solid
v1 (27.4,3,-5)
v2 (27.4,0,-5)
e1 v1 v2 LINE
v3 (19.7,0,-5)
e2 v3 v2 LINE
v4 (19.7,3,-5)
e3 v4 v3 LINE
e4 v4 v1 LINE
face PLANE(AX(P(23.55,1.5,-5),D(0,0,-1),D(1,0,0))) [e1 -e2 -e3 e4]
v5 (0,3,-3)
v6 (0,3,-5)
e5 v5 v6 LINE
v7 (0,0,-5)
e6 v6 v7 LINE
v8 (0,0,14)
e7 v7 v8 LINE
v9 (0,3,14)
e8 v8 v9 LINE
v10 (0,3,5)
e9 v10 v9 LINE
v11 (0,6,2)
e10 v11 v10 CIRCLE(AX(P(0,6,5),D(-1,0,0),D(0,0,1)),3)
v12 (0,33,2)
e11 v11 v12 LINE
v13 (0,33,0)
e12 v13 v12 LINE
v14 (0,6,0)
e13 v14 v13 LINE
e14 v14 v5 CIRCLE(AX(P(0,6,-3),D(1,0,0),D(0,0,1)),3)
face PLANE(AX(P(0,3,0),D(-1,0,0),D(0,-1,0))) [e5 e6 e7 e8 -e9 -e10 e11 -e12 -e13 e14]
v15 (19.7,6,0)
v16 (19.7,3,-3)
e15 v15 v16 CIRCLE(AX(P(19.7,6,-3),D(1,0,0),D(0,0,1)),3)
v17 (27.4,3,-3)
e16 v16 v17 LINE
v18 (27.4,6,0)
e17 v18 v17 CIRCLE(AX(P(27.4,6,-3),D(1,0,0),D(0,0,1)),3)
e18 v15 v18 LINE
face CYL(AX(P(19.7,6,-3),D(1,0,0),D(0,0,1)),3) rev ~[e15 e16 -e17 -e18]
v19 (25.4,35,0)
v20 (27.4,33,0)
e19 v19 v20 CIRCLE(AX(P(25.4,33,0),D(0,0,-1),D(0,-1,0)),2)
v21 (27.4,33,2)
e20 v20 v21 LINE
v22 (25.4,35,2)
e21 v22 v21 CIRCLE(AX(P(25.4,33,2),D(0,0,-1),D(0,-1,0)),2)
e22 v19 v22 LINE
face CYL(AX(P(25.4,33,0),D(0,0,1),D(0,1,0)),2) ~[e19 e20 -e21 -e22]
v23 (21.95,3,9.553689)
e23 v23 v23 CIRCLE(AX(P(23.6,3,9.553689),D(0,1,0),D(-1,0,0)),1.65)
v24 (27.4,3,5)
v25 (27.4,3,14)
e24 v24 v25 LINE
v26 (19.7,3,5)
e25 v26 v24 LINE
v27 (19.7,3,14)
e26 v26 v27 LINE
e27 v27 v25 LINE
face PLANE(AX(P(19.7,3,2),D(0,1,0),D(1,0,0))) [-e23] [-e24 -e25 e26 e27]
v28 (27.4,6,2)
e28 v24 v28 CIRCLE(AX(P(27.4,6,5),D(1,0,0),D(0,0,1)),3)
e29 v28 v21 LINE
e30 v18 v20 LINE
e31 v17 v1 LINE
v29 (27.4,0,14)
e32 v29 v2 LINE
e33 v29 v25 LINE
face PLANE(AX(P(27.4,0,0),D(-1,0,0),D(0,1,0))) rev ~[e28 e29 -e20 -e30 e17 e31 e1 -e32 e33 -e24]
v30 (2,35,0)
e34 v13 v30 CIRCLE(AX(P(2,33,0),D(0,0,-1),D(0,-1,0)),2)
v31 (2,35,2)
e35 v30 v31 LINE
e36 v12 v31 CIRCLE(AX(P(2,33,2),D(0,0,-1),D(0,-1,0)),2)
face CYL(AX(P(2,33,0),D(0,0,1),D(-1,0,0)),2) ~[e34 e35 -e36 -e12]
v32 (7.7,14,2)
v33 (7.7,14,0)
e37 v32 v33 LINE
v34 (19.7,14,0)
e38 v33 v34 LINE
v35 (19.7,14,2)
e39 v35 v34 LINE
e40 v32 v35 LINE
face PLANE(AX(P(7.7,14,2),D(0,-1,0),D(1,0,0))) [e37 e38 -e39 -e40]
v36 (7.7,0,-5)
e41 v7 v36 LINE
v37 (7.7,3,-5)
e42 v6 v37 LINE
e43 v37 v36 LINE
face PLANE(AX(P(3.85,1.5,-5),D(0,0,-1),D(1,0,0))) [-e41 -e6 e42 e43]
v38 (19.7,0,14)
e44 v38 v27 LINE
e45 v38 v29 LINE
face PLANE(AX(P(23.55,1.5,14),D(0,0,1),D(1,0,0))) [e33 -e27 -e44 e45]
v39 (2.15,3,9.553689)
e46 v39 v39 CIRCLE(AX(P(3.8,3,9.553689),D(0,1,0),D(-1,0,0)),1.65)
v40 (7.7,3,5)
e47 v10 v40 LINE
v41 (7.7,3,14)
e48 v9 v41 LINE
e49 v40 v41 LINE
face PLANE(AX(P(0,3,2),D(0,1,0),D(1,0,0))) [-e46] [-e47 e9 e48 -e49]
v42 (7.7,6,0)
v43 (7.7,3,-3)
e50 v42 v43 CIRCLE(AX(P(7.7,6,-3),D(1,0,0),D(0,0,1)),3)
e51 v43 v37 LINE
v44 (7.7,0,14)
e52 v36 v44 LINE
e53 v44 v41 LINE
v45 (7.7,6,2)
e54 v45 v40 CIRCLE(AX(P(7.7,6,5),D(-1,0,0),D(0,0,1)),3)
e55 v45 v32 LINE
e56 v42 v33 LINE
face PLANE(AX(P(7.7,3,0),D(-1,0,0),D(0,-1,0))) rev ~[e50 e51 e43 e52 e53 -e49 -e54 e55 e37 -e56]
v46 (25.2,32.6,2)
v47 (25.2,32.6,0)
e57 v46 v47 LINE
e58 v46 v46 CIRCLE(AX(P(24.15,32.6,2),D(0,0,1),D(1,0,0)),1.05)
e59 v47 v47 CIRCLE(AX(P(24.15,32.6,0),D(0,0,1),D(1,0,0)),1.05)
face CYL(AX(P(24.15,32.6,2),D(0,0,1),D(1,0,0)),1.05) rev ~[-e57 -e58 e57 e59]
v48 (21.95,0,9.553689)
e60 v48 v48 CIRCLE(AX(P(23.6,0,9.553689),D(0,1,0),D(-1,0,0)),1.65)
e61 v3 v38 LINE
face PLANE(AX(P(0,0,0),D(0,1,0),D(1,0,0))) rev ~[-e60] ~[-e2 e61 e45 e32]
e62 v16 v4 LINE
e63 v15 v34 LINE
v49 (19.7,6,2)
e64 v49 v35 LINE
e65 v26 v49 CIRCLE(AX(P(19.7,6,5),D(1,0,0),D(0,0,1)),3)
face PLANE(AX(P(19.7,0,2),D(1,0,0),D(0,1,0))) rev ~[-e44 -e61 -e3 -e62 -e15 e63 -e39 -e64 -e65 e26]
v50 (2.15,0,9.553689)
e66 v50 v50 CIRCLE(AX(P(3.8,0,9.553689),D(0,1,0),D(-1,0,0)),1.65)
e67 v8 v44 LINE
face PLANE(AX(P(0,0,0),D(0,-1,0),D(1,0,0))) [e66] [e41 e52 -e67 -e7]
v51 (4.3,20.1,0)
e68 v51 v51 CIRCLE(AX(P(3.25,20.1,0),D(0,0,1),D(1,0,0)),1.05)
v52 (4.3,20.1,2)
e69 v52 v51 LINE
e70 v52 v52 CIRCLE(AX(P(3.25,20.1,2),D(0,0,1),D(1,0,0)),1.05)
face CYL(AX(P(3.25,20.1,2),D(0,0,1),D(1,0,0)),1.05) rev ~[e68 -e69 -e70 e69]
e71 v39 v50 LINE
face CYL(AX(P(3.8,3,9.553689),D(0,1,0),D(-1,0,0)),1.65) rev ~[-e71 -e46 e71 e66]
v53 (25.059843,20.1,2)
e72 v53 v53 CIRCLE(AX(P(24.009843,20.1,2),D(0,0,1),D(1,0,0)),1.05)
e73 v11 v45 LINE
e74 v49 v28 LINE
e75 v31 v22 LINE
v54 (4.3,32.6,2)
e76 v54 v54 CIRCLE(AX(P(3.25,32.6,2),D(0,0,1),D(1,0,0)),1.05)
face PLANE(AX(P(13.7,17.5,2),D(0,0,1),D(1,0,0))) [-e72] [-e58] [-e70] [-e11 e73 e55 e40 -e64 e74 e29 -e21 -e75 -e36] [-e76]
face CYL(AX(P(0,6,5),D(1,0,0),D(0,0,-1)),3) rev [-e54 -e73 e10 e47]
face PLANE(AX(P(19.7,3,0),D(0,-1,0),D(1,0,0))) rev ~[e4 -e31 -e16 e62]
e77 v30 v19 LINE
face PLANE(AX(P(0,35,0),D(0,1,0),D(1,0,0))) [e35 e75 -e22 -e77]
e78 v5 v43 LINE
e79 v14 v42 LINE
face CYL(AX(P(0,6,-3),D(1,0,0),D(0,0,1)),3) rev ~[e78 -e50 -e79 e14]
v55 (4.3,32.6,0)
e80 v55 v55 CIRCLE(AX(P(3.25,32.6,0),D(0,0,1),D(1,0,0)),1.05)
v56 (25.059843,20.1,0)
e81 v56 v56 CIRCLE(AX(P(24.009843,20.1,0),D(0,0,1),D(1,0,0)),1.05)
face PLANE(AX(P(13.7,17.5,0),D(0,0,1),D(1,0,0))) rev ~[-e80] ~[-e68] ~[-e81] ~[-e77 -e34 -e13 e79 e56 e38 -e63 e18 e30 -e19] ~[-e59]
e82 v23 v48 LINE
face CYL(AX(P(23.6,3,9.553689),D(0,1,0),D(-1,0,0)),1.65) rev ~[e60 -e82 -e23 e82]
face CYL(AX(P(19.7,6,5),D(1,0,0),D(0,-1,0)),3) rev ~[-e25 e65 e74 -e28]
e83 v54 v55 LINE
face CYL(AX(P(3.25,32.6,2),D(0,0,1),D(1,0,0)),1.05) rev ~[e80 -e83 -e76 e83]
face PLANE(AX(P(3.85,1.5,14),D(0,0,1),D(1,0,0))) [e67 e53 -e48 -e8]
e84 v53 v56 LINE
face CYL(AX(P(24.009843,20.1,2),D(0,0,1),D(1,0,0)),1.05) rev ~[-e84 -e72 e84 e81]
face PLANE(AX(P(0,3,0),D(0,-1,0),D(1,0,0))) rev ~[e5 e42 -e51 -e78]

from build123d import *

# Parameters (mm, degrees)
SKETCH_W        = 27.4
SKETCH_H        = 35
PAD_DEPTH       = 2
SKETCH001_W     = 12
SKETCH001_H     = 14
POCKET_DEPTH    = 2
SKETCH002_W     = 7.7
SKETCH002_H     = 3
PAD001_DEPTH    = 12
FILLET_R        = 3
SKETCH003_W     = 7.7
SKETCH003_H     = 3
PAD002_DEPTH    = 5
FILLET001_R     = 3
SKETCH004_R     = 1.05
POCKET001_DEPTH = 2
SKETCH005_R     = 1.65
POCKET002_DEPTH = 3
FILLET002_R     = 2


with BuildPart() as part:
    # Sketch → Pad (new body)
    with BuildSketch(Plane.XY):
        with Locations((13.7, 17.5)):
            Rectangle(SKETCH_W, SKETCH_H)
    extrude(amount=PAD_DEPTH)

    # Sketch001 (on Face6 of Pad) → Pocket (cut)
    with BuildSketch(Plane.XY.offset(2)):
        with Locations((13.7, 7)):
            Rectangle(SKETCH001_W, SKETCH001_H)
    extrude(amount=-POCKET_DEPTH, mode=Mode.SUBTRACT)

    # Sketch002 (on Face4 of Pocket) → Pad001 (join)
    with BuildSketch(Plane.XY.offset(2)):
        with Locations((3.85, 1.5)):
            Rectangle(SKETCH002_W, SKETCH002_H)
        with Locations((23.55, 1.5)):
            Rectangle(SKETCH002_W, SKETCH002_H)
    extrude(amount=PAD001_DEPTH)

    # Fillet
    fillet_edges = [part.edges().sort_by_distance(p)[0] for p in [
        (3.85, 3, 2),
        (23.55, 3, 2),
    ]]
    fillet(fillet_edges, radius=FILLET_R)

    # Sketch003 (on Face5 of Fillet) → Pad002 (join)
    with BuildSketch(Plane(origin=(0, 0, 0), x_dir=(1, 0, 0), z_dir=(0, 0, -1))):
        with Locations((3.85, -1.5)):
            Rectangle(SKETCH003_W, SKETCH003_H)
        with Locations((23.55, -1.5)):
            Rectangle(SKETCH003_W, SKETCH003_H)
    extrude(amount=PAD002_DEPTH)

    # Fillet001
    fillet001_edges = [part.edges().sort_by_distance(p)[0] for p in [
        (3.85, 3, 0),
        (23.55, 3, 0),
    ]]
    fillet(fillet001_edges, radius=FILLET001_R)

    # Sketch004 (on Face5 of Fillet001) → Pocket001 (cut)
    with BuildSketch(Plane.XY.offset(2)):
        with Locations((3.25, 32.6)):
            Circle(SKETCH004_R)
        with Locations((3.25, 20.1)):
            Circle(SKETCH004_R)
        with Locations((24.15, 32.6)):
            Circle(SKETCH004_R)
        with Locations((24.009843, 20.1)):
            Circle(SKETCH004_R)
    extrude(amount=-POCKET001_DEPTH, mode=Mode.SUBTRACT)

    # Sketch005 (on Face24 of Pocket001) → Pocket002 (cut)
    with BuildSketch(Plane(origin=(0, 3, 0), x_dir=(-1, 0, 0), z_dir=(0, 1, 0))):
        with Locations((-3.8, 9.553689)):
            Circle(SKETCH005_R)
        with Locations((-23.6, 9.553689)):
            Circle(SKETCH005_R)
    extrude(amount=-POCKET002_DEPTH, mode=Mode.SUBTRACT)

    # Fillet002
    fillet002_edges = [part.edges().sort_by_distance(p)[0] for p in [
        (0, 35, 1),
        (27.4, 35, 1),
    ]]
    fillet(fillet002_edges, radius=FILLET002_R)


solid = part.part
